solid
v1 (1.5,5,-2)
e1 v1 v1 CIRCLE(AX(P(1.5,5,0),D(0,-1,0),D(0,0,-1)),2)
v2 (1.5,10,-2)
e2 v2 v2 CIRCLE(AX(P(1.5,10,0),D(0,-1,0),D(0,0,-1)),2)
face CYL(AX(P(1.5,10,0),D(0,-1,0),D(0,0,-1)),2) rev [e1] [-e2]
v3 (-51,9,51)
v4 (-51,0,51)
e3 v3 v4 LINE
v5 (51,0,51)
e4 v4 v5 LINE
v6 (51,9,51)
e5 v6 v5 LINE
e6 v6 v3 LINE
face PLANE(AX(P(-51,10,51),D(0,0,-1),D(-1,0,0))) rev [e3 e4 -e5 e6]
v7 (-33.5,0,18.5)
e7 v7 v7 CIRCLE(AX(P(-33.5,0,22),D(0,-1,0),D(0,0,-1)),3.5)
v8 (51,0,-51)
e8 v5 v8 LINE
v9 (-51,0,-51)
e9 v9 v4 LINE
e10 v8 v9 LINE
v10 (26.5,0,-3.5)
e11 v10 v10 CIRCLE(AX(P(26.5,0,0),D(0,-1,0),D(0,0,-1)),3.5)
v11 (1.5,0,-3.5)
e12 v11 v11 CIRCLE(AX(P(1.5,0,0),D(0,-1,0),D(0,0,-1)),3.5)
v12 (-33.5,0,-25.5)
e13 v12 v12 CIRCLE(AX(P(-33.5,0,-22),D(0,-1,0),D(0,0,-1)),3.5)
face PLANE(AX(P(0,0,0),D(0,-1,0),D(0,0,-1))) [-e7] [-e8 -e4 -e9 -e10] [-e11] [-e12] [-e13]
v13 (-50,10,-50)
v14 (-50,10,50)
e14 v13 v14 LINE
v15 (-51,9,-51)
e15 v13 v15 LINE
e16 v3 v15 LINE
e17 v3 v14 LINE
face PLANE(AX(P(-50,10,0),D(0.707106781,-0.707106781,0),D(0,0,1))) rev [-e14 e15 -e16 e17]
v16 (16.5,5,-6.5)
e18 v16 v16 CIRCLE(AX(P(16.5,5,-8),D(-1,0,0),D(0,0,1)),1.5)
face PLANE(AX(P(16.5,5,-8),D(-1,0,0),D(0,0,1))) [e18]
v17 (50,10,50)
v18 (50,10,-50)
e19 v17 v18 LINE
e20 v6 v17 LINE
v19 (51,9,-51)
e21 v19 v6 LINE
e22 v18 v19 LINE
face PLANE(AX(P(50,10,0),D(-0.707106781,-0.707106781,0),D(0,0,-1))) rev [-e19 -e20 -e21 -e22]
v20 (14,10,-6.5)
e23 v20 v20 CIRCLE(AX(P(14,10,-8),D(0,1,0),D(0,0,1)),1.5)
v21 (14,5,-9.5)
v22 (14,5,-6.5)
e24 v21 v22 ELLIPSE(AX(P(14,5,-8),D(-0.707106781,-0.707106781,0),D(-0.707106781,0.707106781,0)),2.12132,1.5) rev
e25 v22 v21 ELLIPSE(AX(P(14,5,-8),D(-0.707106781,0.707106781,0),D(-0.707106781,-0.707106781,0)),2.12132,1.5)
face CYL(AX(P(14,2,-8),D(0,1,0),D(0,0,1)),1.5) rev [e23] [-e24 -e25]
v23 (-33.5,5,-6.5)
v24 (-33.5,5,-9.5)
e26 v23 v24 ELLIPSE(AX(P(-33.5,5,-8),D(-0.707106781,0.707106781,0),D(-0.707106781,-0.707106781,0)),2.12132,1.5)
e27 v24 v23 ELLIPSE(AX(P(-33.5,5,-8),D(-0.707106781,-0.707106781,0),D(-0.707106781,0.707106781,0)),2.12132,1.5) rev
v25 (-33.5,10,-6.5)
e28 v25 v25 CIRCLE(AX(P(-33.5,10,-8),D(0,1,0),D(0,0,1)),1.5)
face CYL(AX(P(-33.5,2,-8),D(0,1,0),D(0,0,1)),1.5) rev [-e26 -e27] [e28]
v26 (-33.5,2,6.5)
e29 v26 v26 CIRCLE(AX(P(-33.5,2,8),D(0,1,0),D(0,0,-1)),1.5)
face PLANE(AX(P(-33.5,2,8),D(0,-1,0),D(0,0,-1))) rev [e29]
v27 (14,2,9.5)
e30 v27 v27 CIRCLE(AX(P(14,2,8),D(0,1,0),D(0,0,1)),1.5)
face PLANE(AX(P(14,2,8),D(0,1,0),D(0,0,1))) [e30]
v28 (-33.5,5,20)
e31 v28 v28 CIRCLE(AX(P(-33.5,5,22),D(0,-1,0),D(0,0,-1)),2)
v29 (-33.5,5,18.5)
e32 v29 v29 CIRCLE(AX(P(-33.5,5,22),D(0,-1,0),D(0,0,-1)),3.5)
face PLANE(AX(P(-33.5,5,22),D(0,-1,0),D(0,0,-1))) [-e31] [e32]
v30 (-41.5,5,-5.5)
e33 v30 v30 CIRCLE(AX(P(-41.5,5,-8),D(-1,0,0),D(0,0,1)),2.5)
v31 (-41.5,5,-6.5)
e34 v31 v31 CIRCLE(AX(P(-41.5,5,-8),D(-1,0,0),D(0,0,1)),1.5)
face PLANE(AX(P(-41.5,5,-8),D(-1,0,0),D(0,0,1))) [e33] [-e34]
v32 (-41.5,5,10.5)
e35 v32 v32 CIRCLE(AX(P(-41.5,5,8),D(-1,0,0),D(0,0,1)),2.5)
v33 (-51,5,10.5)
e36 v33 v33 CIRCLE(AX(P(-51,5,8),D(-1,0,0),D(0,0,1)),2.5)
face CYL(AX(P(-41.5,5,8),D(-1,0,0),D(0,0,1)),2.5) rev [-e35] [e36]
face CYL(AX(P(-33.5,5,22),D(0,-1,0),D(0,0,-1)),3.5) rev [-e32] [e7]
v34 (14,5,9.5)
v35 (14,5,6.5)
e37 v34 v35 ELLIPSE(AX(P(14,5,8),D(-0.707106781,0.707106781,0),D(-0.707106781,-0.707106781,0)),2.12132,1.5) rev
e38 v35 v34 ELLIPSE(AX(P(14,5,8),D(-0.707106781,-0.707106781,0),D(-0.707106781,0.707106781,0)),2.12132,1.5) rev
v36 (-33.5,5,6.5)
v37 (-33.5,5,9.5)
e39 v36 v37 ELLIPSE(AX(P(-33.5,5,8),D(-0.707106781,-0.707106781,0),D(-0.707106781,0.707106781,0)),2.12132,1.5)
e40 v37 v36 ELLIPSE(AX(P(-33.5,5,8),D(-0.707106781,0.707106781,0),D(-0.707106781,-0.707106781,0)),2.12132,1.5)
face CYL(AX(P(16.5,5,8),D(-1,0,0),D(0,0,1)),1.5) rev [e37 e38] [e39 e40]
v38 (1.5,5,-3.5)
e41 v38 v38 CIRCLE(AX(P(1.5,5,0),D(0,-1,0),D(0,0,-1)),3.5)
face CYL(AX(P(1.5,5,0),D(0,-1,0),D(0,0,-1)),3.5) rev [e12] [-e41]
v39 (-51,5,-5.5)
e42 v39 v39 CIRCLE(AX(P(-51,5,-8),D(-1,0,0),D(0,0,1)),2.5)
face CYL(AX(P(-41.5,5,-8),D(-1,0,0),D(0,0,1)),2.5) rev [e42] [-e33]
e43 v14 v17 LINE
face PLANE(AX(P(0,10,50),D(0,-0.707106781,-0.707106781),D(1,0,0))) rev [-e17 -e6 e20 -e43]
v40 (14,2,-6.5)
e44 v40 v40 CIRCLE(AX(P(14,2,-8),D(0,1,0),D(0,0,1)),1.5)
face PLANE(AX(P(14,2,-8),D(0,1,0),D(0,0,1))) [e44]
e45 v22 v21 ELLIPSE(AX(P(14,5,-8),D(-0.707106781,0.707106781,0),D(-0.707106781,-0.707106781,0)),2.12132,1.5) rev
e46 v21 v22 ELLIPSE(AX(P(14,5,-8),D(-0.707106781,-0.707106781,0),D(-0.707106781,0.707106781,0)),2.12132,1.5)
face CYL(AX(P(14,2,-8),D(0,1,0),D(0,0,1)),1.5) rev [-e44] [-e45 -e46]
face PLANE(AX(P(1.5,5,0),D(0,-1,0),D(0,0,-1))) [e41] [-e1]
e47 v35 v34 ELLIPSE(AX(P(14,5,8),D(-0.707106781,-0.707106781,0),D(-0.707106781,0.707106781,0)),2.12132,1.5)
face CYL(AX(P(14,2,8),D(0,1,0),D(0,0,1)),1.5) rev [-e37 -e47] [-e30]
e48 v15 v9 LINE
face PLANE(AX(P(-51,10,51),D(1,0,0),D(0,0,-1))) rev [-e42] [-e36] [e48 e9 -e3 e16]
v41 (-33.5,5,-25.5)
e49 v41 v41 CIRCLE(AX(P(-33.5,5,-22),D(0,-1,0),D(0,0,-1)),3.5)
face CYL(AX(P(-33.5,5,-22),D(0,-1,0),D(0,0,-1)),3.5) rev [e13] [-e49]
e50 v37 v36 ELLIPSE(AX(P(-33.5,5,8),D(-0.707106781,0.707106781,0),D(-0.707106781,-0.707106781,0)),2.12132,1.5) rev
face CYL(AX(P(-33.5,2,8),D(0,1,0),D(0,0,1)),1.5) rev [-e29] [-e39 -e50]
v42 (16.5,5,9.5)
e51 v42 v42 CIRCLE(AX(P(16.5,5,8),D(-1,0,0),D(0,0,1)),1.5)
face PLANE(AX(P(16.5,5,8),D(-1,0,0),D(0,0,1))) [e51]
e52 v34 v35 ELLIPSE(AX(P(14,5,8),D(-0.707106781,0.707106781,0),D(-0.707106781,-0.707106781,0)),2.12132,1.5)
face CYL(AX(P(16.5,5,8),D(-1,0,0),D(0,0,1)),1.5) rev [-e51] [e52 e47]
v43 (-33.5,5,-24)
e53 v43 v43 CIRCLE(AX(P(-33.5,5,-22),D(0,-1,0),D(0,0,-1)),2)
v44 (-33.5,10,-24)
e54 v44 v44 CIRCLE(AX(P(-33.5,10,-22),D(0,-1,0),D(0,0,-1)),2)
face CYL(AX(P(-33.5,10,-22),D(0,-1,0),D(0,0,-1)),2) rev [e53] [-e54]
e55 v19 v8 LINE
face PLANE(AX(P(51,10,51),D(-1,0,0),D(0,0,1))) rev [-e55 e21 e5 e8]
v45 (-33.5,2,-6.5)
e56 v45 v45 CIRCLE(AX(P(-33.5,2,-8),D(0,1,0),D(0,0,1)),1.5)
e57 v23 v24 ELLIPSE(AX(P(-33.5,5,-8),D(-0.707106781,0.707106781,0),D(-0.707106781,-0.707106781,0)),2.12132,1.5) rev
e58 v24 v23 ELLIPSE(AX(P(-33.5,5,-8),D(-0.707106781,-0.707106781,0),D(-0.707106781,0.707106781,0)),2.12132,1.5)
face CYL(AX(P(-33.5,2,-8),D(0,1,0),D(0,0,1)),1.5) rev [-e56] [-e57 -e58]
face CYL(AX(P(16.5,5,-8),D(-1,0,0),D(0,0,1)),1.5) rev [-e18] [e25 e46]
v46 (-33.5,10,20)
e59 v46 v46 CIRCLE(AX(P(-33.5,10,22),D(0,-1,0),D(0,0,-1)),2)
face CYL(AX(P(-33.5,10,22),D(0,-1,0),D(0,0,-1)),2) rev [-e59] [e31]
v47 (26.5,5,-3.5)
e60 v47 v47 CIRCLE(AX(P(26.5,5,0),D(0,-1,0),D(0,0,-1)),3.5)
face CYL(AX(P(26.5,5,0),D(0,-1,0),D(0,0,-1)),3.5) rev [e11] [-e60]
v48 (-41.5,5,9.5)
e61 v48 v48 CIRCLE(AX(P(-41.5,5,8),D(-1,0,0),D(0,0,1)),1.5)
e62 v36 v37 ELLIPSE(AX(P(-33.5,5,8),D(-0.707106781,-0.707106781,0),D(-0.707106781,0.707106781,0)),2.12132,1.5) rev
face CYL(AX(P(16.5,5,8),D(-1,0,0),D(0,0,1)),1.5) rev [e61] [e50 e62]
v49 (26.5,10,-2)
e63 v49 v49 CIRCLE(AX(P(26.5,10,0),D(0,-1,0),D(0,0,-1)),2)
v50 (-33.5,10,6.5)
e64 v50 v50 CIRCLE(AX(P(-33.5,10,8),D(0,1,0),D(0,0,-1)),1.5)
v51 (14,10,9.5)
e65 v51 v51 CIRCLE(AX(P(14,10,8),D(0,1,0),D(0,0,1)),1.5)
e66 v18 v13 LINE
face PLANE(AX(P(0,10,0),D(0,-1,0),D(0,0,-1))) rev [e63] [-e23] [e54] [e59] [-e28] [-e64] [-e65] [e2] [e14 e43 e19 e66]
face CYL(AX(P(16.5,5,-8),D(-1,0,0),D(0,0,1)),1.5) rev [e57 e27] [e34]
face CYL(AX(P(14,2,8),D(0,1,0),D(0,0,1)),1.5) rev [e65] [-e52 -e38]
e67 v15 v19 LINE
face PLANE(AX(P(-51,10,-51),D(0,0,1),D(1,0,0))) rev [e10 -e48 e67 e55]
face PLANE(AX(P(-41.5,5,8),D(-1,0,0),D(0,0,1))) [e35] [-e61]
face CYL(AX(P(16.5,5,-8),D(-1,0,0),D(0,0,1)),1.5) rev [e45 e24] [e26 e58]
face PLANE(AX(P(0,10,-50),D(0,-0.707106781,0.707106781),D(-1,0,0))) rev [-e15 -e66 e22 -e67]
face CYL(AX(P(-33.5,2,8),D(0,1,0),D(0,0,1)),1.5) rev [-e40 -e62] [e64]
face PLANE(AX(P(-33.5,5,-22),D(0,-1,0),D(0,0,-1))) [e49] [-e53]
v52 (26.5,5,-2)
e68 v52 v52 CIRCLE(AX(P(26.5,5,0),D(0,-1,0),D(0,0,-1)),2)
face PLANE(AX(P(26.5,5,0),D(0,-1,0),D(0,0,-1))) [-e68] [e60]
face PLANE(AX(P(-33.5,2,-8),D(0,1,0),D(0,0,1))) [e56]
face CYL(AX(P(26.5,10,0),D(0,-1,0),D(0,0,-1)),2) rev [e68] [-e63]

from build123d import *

# Parameters (mm, degrees)
IZIM1_W                     = 102
IZIM1_H                     = 102
Y_KSEKLIK_EKSTR_ZYON1_DEPTH = 10
IZIM4_R                     = 2.5
KES_EKSTR_ZYON1_DEPTH       = 9.5
IZIM5_R                     = 1.5
KES_EKSTR_ZYON2_DEPTH       = 58
IZIM6_R                     = 3.5
KES_EKSTR_ZYON9_DEPTH       = 5
IZIM9_R                     = 2
KES_EKSTR_ZYON10_DEPTH      = 5
IZIM10_R                    = 1.5
KES_EKSTR_ZYON18_DEPTH      = 8
PAH1_SIZE                   = 1


with BuildPart() as part:
    # Çizim1 → Yükseklik-Ekstrüzyon1 (new body)
    with BuildSketch(Plane(origin=(0, 0, 0), x_dir=(1, 0, 0), z_dir=(0, 1, 0))):
        Rectangle(IZIM1_W, IZIM1_H)
    extrude(amount=Y_KSEKLIK_EKSTR_ZYON1_DEPTH)

    # Çizim4 → Kes-Ekstrüzyon1 (cut)
    with BuildSketch(Plane.ZY.offset(51)):
        with Locations((-8, 5)):
            Circle(IZIM4_R)
        with Locations((8, 5)):
            Circle(IZIM4_R)
    extrude(amount=-KES_EKSTR_ZYON1_DEPTH, mode=Mode.SUBTRACT)

    # Çizim5 → Kes-Ekstrüzyon2 (cut)
    with BuildSketch(Plane.ZY.offset(41.5)):
        with Locations((-8, 5)):
            Circle(IZIM5_R)
        with Locations((8, 5)):
            Circle(IZIM5_R)
    extrude(amount=-KES_EKSTR_ZYON2_DEPTH, mode=Mode.SUBTRACT)

    # Çizim6 → Kes-Ekstrüzyon9 (cut)
    with BuildSketch(Plane(origin=(0, 0, 0), x_dir=(-1, 0, 0), z_dir=(0, -1, 0))):
        with Locations(Location((33.5, -22, 0), (0, 0, 90))):
            Circle(IZIM6_R)
        with Locations(Location((33.5, 22, 0), (0, 0, 90))):
            Circle(IZIM6_R)
        with Locations(Location((-1.5, 0, 0), (0, 0, 90))):
            Circle(IZIM6_R)
        with Locations(Location((-26.5, 0, 0), (0, 0, 90))):
            Circle(IZIM6_R)
    extrude(amount=-KES_EKSTR_ZYON9_DEPTH, mode=Mode.SUBTRACT)

    # Çizim9 → Kes-Ekstrüzyon10 (cut)
    with BuildSketch(Plane.XZ.offset(-5)):
        with Locations(Location((-33.5, 22, 0), (0, 0, 270))):
            Circle(IZIM9_R)
        with Locations(Location((1.5, 0, 0), (0, 0, 270))):
            Circle(IZIM9_R)
        with Locations(Location((26.5, 0, 0), (0, 0, 270))):
            Circle(IZIM9_R)
        with Locations(Location((-33.5, -22, 0), (0, 0, 270))):
            Circle(IZIM9_R)
    extrude(amount=-KES_EKSTR_ZYON10_DEPTH, mode=Mode.SUBTRACT)

    # Çizim10 → Kes-Ekstrüzyon18 (cut)
    with BuildSketch(Plane(origin=(0, 10, 0), x_dir=(1, 0, 0), z_dir=(0, 1, 0))):
        with Locations(Location((-33.5, 8, 0), (0, 0, 270))):
            Circle(IZIM10_R)
        with Locations(Location((-33.5, -8, 0), (0, 0, 90))):
            Circle(IZIM10_R)
        with Locations(Location((14, 8, 0), (0, 0, 270))):
            Circle(IZIM10_R)
        with Locations(Location((14, -8, 0), (0, 0, 270))):
            Circle(IZIM10_R)
    extrude(amount=-KES_EKSTR_ZYON18_DEPTH, mode=Mode.SUBTRACT)

    # Pah1
    pah1_edges = [part.edges().sort_by_distance(p)[0] for p in [
        (-51, 10, 0),
        (0, 10, 51),
        (51, 10, 0),
        (0, 10, -51),
    ]]
    chamfer(pah1_edges, length=PAH1_SIZE)


solid = part.part
